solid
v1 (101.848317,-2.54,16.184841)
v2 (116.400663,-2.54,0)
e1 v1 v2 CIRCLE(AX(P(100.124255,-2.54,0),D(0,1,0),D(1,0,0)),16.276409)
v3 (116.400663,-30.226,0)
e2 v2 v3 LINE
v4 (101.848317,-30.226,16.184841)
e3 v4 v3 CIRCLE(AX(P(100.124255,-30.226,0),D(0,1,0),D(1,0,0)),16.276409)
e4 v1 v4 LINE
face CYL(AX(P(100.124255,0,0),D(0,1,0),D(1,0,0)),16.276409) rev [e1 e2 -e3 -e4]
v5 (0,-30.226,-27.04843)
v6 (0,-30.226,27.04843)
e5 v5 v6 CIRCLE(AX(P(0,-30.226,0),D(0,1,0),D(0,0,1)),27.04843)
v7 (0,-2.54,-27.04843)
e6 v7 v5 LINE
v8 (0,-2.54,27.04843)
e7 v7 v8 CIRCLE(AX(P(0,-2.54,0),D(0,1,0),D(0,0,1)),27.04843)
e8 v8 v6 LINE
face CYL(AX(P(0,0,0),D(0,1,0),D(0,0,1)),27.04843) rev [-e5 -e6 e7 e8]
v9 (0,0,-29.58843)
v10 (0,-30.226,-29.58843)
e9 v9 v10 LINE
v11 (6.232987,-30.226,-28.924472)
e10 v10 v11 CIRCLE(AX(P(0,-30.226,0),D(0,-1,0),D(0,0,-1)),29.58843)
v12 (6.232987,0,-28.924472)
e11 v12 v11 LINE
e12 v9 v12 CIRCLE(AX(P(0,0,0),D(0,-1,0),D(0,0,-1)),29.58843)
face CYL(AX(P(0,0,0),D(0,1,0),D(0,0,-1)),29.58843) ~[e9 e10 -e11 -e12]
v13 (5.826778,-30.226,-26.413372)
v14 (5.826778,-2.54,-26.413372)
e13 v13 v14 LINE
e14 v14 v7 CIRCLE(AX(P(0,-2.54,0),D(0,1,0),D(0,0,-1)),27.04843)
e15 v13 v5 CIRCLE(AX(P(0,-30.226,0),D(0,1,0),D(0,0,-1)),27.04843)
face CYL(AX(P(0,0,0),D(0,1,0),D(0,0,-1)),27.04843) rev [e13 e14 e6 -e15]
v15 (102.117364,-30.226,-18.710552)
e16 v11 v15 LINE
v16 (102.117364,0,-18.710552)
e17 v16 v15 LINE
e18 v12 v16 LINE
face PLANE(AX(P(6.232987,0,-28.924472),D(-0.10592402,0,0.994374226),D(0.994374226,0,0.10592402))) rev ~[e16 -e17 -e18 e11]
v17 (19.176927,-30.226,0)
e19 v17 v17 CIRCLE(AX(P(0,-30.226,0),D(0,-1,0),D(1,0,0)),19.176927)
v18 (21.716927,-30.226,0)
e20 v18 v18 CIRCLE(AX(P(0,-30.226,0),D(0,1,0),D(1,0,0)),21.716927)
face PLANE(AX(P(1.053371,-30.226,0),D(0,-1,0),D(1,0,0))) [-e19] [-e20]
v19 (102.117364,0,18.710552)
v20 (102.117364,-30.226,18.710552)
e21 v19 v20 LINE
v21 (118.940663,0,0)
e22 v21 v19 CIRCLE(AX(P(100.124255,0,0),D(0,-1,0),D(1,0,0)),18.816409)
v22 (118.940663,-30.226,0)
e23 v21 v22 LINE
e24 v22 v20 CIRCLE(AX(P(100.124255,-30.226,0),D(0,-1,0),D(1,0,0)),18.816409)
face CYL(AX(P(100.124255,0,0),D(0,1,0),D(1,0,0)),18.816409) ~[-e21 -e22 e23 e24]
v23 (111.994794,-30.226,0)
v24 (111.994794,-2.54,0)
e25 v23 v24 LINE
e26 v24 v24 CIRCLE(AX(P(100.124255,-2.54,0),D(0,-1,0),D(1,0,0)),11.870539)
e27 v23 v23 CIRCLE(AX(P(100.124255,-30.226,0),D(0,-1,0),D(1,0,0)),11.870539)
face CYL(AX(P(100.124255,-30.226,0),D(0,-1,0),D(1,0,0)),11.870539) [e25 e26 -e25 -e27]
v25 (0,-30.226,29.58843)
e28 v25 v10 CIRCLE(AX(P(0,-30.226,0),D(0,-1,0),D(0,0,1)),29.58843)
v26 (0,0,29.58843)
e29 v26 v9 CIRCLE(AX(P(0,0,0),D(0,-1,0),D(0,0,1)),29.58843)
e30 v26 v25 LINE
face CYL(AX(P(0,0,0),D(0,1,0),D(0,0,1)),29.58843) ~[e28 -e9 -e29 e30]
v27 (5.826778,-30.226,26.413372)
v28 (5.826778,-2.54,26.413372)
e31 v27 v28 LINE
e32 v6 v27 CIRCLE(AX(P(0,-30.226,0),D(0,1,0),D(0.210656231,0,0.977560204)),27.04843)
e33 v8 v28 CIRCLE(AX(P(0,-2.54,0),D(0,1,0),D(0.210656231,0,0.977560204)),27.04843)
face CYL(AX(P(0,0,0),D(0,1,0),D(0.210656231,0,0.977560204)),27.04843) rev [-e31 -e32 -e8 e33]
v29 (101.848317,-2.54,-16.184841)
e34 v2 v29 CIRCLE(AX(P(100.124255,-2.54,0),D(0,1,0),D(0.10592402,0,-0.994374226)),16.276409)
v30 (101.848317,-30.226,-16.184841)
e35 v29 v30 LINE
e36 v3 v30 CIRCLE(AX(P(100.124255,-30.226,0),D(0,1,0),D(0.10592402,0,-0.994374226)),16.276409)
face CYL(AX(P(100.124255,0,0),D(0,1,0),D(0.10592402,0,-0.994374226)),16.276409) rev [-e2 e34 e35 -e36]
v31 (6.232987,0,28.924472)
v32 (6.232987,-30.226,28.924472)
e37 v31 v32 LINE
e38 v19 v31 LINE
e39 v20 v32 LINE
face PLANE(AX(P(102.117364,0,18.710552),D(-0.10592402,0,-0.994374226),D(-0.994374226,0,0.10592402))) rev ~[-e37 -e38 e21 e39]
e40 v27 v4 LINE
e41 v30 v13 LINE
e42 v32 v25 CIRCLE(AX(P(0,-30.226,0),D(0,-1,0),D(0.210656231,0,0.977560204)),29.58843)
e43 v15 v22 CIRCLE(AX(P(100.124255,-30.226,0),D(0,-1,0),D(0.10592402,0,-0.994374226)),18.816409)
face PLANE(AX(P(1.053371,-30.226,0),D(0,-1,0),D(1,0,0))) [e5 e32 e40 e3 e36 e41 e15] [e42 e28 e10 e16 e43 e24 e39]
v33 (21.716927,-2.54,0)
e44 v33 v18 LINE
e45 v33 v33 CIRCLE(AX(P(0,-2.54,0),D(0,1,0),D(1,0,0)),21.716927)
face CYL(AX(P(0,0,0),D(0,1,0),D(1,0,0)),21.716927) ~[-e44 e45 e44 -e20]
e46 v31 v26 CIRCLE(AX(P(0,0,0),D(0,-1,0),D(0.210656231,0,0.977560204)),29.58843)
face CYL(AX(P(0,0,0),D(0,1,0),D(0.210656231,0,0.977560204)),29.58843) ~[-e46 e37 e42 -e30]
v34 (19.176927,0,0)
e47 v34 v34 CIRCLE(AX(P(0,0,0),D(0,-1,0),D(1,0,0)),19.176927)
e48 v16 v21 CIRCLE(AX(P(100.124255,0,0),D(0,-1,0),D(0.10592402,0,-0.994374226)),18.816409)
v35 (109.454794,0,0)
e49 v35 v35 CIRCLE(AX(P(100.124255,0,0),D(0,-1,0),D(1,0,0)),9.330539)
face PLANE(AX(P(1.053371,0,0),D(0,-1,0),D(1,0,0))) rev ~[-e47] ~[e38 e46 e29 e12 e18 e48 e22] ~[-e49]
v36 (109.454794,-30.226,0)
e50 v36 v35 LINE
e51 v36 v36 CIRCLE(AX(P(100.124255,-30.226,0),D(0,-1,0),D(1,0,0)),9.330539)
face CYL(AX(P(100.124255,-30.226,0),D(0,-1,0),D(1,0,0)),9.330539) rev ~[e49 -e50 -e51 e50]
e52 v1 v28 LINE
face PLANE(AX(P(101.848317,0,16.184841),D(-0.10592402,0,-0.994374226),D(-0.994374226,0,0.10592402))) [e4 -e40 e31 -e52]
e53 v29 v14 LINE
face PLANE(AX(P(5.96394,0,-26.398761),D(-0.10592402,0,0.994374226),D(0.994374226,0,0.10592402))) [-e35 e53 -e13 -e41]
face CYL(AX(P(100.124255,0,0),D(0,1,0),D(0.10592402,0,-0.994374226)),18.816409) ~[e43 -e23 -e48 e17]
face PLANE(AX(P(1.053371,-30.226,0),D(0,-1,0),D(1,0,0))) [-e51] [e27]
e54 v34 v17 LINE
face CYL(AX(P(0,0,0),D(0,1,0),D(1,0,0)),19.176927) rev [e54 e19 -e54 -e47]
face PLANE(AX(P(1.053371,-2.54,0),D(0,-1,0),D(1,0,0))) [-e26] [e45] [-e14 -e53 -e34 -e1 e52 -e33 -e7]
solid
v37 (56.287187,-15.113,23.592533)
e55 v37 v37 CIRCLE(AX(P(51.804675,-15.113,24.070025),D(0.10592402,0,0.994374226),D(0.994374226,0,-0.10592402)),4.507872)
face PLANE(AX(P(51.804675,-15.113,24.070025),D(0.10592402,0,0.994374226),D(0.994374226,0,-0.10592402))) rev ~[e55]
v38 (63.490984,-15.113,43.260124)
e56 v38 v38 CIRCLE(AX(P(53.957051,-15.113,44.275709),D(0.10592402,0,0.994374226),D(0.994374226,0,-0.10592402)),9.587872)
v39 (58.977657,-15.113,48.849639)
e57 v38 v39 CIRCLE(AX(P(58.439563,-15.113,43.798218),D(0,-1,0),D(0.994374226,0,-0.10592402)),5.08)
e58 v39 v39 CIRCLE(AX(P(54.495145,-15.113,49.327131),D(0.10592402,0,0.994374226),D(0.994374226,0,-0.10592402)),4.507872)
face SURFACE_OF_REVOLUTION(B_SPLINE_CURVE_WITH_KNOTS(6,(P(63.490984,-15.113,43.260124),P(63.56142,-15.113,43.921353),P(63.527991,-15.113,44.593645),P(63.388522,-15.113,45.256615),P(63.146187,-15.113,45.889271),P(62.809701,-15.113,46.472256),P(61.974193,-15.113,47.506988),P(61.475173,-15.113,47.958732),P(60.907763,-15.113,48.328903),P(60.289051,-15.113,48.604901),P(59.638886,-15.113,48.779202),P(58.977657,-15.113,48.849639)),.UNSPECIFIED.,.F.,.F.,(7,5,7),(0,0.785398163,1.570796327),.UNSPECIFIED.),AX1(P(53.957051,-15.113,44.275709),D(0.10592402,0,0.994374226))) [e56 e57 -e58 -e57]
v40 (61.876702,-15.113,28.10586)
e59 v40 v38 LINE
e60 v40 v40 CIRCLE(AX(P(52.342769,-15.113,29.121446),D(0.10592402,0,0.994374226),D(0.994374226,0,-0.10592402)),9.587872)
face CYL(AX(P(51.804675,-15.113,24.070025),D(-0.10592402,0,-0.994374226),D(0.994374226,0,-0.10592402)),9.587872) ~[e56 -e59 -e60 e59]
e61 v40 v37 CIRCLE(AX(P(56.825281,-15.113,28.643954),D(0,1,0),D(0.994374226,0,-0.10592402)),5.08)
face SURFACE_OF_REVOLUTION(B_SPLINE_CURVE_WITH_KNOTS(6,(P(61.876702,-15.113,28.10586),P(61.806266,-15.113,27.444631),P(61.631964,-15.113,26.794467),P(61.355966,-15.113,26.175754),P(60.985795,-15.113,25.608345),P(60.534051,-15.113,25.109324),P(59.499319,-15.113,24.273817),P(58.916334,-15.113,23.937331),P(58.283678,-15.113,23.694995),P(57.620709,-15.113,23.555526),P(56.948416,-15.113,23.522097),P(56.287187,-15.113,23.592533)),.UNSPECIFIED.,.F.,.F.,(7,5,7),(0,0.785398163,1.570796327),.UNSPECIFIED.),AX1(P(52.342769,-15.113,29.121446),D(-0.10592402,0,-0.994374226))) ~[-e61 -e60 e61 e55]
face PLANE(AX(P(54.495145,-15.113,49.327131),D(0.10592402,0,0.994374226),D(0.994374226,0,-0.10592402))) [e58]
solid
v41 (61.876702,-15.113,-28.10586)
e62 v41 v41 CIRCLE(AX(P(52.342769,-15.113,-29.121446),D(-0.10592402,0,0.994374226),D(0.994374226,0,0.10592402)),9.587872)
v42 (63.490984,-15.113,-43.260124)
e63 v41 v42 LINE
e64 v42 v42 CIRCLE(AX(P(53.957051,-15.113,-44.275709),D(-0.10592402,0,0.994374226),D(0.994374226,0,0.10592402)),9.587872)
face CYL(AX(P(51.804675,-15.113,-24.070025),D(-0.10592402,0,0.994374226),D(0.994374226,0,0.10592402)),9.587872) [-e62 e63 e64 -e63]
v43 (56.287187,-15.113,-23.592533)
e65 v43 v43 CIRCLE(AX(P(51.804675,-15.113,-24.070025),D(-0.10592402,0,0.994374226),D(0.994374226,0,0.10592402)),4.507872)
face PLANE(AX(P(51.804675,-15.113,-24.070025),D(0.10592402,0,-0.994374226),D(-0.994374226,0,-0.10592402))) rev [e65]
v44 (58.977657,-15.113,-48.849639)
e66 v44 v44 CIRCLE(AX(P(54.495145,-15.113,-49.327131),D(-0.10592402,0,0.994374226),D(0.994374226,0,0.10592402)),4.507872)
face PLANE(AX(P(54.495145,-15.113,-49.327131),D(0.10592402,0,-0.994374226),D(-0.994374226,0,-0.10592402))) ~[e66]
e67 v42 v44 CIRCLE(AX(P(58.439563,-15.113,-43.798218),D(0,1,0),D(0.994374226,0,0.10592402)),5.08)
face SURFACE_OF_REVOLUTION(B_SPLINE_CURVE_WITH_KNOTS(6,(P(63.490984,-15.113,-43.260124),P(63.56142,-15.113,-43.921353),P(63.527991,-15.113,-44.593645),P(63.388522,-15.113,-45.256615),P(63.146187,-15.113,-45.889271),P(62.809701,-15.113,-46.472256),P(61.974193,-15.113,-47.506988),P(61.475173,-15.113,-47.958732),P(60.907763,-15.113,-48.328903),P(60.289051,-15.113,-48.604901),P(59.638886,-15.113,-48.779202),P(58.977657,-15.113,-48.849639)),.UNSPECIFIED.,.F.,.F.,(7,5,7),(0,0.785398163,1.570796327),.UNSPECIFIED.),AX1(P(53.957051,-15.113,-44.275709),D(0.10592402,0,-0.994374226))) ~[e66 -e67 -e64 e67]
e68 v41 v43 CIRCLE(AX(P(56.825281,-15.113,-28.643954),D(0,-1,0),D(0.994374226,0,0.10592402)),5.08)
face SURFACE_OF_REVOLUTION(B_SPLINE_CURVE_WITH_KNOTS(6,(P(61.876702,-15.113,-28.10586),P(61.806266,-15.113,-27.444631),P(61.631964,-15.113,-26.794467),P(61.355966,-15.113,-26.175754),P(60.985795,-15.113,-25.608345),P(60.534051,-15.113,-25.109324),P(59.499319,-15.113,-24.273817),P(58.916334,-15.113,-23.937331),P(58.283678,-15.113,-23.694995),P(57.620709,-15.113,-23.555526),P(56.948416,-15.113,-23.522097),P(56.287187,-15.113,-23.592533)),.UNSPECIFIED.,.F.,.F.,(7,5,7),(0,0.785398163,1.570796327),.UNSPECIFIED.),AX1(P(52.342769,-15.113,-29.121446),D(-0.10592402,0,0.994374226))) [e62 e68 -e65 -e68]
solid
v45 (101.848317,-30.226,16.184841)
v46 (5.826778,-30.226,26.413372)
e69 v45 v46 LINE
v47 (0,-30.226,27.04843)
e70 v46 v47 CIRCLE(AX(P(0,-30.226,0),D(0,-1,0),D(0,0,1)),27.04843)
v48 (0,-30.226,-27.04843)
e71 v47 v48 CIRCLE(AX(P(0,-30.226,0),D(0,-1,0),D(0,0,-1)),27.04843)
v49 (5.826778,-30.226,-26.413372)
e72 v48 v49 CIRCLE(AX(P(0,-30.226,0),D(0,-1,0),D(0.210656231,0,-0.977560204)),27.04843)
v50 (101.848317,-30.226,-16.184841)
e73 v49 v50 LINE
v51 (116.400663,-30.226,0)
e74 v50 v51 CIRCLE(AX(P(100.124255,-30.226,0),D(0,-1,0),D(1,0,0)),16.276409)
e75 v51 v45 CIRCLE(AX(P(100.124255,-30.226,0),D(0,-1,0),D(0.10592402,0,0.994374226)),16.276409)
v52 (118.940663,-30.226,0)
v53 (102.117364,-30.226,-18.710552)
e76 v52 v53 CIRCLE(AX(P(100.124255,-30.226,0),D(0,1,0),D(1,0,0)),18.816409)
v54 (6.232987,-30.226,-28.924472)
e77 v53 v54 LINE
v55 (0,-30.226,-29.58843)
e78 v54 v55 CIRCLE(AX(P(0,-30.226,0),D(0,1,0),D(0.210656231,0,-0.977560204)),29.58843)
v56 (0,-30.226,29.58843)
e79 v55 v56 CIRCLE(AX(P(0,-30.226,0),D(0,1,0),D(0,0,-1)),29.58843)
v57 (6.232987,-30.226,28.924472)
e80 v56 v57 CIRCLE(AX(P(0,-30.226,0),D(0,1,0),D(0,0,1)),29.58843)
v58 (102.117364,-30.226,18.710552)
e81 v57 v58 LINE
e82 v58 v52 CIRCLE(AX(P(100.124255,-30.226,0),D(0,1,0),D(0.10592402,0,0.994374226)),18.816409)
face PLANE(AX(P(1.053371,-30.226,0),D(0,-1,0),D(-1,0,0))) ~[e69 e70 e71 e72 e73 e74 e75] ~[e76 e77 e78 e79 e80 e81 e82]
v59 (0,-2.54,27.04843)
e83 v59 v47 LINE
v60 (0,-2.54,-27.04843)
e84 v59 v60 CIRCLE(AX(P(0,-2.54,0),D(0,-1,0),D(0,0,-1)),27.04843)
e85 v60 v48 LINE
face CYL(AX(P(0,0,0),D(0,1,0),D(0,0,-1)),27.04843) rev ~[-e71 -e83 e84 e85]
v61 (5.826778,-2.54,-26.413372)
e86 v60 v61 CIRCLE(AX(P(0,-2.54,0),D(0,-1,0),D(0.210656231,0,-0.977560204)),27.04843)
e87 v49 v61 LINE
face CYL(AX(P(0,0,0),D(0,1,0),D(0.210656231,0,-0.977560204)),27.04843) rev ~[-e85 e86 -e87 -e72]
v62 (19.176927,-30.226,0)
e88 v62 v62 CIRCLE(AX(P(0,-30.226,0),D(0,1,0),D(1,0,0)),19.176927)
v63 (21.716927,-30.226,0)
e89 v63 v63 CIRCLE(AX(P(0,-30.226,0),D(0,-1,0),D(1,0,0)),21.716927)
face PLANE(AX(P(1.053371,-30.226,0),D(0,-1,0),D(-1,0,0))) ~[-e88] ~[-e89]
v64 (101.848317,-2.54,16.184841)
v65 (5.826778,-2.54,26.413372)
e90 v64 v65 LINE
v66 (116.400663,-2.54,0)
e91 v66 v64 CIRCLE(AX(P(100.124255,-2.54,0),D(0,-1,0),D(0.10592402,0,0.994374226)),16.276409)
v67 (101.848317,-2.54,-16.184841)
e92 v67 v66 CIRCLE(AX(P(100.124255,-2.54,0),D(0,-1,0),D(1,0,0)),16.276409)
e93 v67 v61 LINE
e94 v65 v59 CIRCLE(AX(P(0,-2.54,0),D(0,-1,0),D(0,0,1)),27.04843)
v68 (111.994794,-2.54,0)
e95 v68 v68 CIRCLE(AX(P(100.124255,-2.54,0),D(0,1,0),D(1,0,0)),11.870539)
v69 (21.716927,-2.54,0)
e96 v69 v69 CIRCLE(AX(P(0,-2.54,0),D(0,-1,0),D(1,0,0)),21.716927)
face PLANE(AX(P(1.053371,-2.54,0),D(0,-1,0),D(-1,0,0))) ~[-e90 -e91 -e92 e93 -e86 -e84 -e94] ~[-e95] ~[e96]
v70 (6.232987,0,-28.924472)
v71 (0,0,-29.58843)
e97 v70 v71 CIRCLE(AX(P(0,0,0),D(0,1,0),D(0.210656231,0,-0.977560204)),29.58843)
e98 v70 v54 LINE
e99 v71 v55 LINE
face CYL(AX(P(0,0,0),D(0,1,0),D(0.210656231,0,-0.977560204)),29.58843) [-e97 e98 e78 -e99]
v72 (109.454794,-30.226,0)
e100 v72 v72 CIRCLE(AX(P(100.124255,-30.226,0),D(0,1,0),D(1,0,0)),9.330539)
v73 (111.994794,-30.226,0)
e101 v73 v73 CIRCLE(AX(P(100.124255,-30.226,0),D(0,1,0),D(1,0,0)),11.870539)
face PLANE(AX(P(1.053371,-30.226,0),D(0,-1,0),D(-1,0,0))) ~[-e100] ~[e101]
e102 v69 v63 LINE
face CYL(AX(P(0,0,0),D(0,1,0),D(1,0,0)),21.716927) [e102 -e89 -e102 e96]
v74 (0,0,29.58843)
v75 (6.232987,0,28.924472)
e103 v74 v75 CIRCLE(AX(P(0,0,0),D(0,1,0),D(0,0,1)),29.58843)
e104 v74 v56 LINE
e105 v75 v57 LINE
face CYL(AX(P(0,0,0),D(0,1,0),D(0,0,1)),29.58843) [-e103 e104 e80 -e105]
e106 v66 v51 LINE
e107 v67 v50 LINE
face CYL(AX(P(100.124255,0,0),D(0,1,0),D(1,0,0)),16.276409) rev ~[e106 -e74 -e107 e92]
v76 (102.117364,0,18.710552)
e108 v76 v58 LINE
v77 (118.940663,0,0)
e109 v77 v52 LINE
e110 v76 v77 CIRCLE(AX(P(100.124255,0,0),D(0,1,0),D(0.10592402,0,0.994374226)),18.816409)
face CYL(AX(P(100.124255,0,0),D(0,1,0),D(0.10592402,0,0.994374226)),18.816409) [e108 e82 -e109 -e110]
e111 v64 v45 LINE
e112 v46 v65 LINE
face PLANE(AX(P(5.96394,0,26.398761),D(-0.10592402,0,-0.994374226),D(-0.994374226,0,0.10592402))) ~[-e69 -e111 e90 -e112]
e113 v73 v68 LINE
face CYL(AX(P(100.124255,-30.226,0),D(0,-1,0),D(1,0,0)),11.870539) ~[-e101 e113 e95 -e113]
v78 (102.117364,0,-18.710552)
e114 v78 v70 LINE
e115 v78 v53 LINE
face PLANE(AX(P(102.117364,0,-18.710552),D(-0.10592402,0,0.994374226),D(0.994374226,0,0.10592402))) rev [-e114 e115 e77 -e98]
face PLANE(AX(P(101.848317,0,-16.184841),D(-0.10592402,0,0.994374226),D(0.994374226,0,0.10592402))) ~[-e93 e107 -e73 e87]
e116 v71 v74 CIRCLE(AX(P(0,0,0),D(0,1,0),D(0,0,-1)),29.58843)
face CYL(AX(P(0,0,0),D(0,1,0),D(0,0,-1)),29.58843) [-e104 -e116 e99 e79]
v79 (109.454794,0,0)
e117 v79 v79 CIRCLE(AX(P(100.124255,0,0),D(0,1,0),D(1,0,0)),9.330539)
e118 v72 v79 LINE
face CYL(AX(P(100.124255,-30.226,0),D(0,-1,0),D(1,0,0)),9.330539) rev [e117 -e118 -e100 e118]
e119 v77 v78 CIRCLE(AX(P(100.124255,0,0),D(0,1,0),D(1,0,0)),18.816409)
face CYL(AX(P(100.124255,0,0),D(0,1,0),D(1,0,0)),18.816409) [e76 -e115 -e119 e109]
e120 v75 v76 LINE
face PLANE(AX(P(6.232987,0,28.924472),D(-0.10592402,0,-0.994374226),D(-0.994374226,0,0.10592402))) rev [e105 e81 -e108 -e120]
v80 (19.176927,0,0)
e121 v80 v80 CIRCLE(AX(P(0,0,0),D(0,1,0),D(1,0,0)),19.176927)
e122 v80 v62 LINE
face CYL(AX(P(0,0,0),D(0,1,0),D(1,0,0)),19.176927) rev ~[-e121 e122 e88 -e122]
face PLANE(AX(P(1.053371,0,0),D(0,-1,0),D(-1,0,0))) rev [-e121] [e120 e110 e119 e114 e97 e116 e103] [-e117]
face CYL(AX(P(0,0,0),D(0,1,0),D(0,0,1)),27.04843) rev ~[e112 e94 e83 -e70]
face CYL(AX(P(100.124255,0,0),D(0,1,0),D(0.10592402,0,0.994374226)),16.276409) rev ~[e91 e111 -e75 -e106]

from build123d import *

# Parameters (mm, degrees)
F0_R     = 19.1769271247
F1_DEPTH = 30.226
F2_R     = 9.587871951
F3_DEPTH = 25.4
F4_R     = 5.08
F5_R     = 9.3305387122
F6_DEPTH = 49.53
F7_T     = -2.54


with BuildPart() as f1:
    # F0 (on Front) → F1 (new body)
    with BuildSketch(Plane.XZ):
        with BuildLine():
            Line((6.2329871202, 28.924471608), (0, 29.5884299388))
            ThreePointArc((0, 29.5884299388), (-29.5884299388, 0), (0, -29.5884299388))
            Line((0, -29.5884299388), (6.2329871202, -28.924471608))
            ThreePointArc((6.2329871202, -28.924471608), (23.0206373604, -18.5883146564), (29.5884299388, 0))
            ThreePointArc((29.5884299388, 0), (23.0206373604, 18.5883146564), (6.2329871202, 28.924471608))
        make_face()
        Circle(F0_R, mode=Mode.SUBTRACT)
        with BuildLine():
            ThreePointArc((6.2329871202, 28.924471608), (3.1341254404, 29.4219721291), (0, 29.5884299388))
            Line((0, 29.5884299388), (6.2329871202, 28.924471608))
        make_face()
        with BuildLine():
            Line((6.2329871202, -28.924471608), (0, -29.5884299388))
            ThreePointArc((0, -29.5884299388), (3.1341254404, -29.4219721291), (6.2329871202, -28.924471608))
        make_face()
        with BuildLine():
            Line((102.1173644581, 18.7105517173), (6.2329871202, 28.924471608))
            ThreePointArc((6.2329871202, 28.924471608), (23.0206373604, 18.5883146564), (29.5884299388, 0))
            ThreePointArc((29.5884299388, 0), (23.0206373604, -18.5883146564), (6.2329871202, -28.924471608))
            Line((6.2329871202, -28.924471608), (102.1173644581, -18.7105517173))
            ThreePointArc((102.1173644581, -18.7105517173), (81.3078462498, 0), (102.1173644581, 18.7105517173))
        make_face()
        with BuildLine():
            ThreePointArc((118.9406633957, 0), (114.1164025638, 12.5808200519), (102.1173644581, 18.7105517173))
            ThreePointArc((102.1173644581, 18.7105517173), (81.3078462498, 0), (102.1173644581, -18.7105517173))
            ThreePointArc((102.1173644581, -18.7105517173), (114.1164025638, -12.5808200519), (118.9406633957, 0))
        make_face()
    extrude(amount=F1_DEPTH)

    # F5 (on face) → F6 (cut)
    with BuildSketch(Plane.XZ.offset(30.226)):
        with Locations((100.1242548227, 0)):
            Circle(F5_R)
    extrude(amount=-F6_DEPTH, mode=Mode.SUBTRACT)

    # F7
    f7_openings = [f1.faces().sort_by_distance(p)[0] for p in [
        (44.920957, -30.226, 0),
    ]]
    offset(amount=F7_T, openings=f7_openings, kind=Kind.INTERSECTION)


with BuildPart() as f3:
    # F2 (on face) → F3 (new body)
    with BuildSketch(Plane(origin=(3.1164935601, 0, 29.2564507734), x_dir=(0.9943742263, 0, -0.1059240199), z_dir=(0.1059240199, 0, 0.9943742263))):
        with Locations((48.9636398852, -15.113)):
            Circle(F2_R)
    extrude(amount=F3_DEPTH)

    # F4
    f4_edges = [f3.edges().sort_by_distance(p)[0] for p in [
        (62.683843, -15.113, 35.682992),
        (42.270742, -15.113, 25.085611),
        (44.961212, -15.113, 50.342716),
    ]]
    fillet(f4_edges, radius=F4_R)


with BuildPart() as f8_1:
    # F8: instance of F3
    add(f3.part.mirror(Plane.XY))


with BuildPart() as f8_2:
    # F8: instance of F1
    add(f1.part.mirror(Plane.XY))


solid = Compound([f1.part, f3.part, f8_1.part, f8_2.part])
